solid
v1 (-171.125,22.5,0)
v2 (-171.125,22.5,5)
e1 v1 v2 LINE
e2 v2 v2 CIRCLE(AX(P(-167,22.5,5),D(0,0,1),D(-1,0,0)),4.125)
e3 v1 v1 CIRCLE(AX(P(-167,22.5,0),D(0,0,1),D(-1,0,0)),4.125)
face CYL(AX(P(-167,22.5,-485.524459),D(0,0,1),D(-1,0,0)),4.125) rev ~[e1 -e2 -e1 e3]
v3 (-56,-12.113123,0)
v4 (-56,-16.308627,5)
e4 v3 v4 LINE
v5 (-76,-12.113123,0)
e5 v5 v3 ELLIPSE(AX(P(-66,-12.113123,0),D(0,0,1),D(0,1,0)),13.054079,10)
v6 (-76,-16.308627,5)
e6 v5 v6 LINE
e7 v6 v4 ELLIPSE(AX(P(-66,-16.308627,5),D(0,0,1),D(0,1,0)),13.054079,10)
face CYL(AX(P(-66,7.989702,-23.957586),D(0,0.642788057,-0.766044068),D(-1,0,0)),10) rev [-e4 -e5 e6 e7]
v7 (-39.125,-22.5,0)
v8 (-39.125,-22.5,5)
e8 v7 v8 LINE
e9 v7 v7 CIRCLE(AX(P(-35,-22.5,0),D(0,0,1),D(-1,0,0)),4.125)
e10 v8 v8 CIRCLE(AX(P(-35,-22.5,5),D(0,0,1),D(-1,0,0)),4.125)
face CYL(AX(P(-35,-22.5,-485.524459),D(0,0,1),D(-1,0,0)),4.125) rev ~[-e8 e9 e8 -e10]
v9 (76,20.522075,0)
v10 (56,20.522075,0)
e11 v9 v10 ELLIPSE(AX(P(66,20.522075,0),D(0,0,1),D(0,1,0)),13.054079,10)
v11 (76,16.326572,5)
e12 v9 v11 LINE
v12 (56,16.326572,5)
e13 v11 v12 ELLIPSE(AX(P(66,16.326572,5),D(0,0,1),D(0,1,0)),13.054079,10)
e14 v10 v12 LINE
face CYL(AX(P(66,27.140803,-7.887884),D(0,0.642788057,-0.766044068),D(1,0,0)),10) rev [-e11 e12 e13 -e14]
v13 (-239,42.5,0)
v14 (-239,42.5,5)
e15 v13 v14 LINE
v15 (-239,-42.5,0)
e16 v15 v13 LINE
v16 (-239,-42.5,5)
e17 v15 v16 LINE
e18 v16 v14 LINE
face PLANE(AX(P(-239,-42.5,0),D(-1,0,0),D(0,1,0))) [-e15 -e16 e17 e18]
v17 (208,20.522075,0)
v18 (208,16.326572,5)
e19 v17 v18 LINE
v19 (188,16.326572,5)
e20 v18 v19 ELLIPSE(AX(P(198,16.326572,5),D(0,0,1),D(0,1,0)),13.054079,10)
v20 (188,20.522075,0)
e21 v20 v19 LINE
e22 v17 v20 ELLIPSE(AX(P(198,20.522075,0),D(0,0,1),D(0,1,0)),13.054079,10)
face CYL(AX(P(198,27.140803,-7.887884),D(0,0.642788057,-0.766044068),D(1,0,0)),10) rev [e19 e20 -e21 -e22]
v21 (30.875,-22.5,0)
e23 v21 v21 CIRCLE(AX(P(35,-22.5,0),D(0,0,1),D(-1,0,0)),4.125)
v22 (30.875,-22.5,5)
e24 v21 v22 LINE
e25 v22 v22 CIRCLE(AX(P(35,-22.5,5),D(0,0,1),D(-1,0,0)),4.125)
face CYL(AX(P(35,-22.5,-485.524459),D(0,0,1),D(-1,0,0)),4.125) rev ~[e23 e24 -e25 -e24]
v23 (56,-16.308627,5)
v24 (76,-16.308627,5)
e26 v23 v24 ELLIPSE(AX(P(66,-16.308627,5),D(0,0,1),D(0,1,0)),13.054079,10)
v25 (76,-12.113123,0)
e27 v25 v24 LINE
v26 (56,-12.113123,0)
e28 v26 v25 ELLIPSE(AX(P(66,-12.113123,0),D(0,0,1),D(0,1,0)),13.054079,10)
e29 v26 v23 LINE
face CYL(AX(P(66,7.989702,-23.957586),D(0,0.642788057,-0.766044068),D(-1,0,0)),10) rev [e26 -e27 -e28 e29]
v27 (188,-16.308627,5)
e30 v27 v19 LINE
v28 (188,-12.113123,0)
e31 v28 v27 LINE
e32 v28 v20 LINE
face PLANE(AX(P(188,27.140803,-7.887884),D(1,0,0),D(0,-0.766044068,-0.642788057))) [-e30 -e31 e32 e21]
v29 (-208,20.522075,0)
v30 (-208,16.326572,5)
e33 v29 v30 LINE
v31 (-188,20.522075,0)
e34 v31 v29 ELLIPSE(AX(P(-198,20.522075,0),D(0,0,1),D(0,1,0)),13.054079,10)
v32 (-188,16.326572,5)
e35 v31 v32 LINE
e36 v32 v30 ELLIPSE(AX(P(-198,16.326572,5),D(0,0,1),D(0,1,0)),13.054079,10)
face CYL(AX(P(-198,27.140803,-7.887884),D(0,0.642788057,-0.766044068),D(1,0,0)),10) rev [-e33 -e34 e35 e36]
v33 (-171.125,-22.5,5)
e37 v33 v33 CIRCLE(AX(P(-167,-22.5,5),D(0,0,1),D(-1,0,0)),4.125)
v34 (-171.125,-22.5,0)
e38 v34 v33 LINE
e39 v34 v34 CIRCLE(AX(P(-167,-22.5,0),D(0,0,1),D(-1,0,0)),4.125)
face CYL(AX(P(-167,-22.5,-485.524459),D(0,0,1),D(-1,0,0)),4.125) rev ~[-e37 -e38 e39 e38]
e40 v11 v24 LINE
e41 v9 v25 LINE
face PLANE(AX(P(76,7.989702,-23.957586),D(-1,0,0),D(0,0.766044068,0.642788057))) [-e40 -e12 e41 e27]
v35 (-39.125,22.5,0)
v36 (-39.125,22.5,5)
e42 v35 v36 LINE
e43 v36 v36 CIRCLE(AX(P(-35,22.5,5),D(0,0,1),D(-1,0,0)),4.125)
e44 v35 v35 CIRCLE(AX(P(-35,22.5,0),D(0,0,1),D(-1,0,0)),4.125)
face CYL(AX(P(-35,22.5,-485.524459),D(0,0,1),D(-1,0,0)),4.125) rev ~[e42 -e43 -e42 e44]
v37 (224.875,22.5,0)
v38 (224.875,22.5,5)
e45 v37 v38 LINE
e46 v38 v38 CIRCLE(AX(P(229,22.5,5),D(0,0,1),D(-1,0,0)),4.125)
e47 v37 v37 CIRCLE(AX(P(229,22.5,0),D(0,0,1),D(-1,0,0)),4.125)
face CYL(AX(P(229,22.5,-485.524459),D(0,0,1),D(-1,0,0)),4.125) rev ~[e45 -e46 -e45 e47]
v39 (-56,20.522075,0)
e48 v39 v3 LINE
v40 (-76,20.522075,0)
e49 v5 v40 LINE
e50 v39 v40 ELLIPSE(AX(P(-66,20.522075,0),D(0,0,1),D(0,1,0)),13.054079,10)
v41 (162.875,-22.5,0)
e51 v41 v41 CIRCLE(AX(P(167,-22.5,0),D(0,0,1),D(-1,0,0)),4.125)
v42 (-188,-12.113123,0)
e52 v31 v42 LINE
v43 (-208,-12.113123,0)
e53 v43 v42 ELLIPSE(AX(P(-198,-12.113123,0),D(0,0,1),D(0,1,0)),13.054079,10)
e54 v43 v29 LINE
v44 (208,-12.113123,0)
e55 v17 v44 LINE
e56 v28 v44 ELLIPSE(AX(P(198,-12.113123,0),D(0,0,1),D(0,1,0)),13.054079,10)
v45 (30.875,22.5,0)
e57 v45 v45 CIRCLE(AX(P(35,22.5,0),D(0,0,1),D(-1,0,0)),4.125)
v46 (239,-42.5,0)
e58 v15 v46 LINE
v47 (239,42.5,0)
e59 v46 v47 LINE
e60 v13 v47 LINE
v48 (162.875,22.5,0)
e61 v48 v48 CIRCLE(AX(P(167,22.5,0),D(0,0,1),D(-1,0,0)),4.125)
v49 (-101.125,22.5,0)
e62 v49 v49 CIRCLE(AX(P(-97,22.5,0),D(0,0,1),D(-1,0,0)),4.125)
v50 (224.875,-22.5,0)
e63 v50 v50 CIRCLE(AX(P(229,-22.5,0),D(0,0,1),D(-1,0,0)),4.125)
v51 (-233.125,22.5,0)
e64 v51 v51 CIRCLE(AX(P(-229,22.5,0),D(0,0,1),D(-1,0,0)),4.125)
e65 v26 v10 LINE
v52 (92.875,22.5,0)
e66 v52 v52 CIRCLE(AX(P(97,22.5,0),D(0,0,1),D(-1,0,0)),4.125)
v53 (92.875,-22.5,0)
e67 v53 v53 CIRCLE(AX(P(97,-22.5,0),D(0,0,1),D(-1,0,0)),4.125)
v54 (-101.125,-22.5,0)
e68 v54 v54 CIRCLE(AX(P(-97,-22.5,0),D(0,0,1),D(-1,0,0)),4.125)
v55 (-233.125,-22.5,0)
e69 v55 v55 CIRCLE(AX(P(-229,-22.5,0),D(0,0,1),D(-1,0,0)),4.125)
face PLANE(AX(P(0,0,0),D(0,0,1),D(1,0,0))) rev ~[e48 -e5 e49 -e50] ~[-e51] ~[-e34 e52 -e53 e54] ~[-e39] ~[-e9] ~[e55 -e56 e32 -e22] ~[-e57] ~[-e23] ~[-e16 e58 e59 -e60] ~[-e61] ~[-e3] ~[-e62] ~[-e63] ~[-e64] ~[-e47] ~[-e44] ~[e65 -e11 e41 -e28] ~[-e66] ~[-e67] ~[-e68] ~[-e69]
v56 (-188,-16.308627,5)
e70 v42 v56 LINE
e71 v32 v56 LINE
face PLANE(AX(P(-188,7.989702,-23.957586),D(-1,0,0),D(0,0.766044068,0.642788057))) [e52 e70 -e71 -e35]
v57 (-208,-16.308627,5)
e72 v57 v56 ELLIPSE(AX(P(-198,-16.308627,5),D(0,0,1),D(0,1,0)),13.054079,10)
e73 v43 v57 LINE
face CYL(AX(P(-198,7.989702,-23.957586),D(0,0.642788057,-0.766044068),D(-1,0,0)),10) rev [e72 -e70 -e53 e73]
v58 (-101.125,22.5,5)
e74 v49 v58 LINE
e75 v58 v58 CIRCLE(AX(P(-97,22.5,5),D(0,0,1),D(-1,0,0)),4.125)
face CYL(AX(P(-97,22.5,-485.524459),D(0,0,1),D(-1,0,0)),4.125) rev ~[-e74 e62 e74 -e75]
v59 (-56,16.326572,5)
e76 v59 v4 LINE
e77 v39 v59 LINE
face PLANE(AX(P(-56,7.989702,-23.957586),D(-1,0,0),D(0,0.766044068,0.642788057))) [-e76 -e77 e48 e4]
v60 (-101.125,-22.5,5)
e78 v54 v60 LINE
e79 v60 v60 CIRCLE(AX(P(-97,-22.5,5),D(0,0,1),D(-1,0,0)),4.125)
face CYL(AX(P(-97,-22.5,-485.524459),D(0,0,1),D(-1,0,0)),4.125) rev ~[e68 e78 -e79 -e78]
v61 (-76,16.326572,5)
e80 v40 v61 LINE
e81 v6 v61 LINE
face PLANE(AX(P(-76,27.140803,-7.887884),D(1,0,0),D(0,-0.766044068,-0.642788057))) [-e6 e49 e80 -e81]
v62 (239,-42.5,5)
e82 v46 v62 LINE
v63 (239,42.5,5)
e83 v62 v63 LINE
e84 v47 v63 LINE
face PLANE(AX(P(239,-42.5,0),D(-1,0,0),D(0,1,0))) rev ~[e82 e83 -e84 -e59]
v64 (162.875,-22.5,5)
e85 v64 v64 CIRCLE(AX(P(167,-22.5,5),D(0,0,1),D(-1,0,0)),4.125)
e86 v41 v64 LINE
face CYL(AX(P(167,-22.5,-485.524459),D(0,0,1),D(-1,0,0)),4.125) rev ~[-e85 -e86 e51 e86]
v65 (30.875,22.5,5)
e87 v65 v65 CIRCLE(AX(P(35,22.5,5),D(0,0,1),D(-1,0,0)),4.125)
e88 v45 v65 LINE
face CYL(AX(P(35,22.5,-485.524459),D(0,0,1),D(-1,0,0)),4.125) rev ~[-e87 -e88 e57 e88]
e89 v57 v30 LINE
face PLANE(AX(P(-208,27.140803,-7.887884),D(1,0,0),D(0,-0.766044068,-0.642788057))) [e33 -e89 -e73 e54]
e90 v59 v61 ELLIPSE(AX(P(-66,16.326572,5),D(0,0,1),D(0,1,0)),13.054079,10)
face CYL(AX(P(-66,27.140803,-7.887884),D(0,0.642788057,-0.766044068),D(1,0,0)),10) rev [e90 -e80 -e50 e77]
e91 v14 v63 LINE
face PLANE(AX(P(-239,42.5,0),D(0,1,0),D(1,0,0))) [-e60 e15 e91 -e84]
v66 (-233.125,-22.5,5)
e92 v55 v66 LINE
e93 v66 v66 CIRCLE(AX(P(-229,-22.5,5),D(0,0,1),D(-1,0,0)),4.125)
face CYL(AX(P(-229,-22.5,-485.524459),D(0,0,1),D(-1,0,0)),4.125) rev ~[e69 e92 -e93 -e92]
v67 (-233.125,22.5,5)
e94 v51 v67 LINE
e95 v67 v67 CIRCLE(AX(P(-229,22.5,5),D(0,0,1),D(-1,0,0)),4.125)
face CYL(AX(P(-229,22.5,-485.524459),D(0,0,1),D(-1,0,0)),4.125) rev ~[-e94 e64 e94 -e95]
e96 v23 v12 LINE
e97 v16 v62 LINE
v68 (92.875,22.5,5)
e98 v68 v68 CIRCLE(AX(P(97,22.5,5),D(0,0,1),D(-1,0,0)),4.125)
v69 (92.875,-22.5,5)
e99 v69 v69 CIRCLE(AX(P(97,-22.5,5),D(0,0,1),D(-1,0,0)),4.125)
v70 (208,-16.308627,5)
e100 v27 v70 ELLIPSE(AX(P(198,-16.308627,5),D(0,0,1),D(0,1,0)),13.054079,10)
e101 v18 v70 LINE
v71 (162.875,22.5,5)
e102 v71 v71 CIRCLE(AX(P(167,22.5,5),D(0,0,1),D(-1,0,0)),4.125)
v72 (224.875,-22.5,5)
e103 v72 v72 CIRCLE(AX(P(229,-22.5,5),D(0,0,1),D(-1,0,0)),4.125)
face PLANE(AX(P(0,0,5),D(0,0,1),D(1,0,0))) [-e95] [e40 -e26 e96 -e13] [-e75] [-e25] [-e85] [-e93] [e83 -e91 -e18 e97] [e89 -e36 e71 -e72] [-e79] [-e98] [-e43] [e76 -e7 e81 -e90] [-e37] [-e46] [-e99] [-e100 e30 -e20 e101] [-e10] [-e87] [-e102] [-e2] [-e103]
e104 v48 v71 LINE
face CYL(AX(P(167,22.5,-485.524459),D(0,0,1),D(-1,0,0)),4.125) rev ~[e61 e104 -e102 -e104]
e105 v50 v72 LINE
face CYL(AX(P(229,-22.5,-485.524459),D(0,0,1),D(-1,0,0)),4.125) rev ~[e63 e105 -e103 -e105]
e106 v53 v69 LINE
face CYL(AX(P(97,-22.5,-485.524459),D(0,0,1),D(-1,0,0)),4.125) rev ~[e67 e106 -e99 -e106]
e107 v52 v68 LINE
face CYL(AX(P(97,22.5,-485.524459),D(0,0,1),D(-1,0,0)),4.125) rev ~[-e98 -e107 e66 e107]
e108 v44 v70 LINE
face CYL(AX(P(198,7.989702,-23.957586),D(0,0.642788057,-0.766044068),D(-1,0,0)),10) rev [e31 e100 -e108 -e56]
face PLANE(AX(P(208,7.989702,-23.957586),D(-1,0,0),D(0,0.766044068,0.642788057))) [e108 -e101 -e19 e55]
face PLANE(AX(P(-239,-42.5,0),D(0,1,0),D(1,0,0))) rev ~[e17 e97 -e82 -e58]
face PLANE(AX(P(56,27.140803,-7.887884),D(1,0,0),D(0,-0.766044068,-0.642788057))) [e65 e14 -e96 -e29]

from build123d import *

# Parameters (mm, degrees)
F0_W     = 478
F0_H     = 85
F1_DEPTH = 5
F2_D     = 8.25
F5_DEPTH = 54.637947


with BuildPart() as f1:
    # F0 (on Top) → F1 (new body)
    with BuildSketch(Plane.XY):
        Rectangle(F0_W, F0_H)
    extrude(amount=F1_DEPTH)

    # F2 (through all)
    with Locations(Plane(origin=(0, 0, 0), x_dir=(1, 0, 0), z_dir=(0, 0, -1))):
        with Locations((-229, 22.5), (-229, -22.5), (-167, 22.5), (-167, -22.5), (-97, 22.5), (-97, -22.5), (-35, 22.5), (-35, -22.5), (35, 22.5), (35, -22.5), (97, 22.5), (97, -22.5), (167, 22.5), (167, -22.5), (229, 22.5), (229, -22.5)):
            Hole(F2_D / 2)

    # F4 (on face) → F5 (cut, through all)
    with BuildSketch(Plane(origin=(0, 15.097957, -17.993044), x_dir=(1, 0, 0), z_dir=(0, -0.642788, 0.766044))):
        with BuildLine():
            ThreePointArc((188, -9.279173), (198, -19.279173), (208, -9.279173))
            Line((208, -9.279173), (208, 15.720827))
            ThreePointArc((208, 15.720827), (198, 25.720827), (188, 15.720827))
            Line((188, 15.720827), (188, -9.279173))
        make_face()
        with BuildLine():
            Line((56, 15.720827), (56, -9.279173))
            ThreePointArc((56, -9.279173), (66, -19.279173), (76, -9.279173))
            Line((76, -9.279173), (76, 15.720827))
            ThreePointArc((76, 15.720827), (66, 25.720827), (56, 15.720827))
        make_face()
        with BuildLine():
            Line((-76, 15.720827), (-76, -9.279173))
            ThreePointArc((-76, -9.279173), (-66, -19.279173), (-56, -9.279173))
            Line((-56, -9.279173), (-56, 15.720827))
            ThreePointArc((-56, 15.720827), (-66, 25.720827), (-76, 15.720827))
        make_face()
        with BuildLine():
            Line((-208, 15.720827), (-208, -9.279173))
            ThreePointArc((-208, -9.279173), (-198, -19.279173), (-188, -9.279173))
            Line((-188, -9.279173), (-188, 15.720827))
            ThreePointArc((-188, 15.720827), (-198, 25.720827), (-208, 15.720827))
        make_face()
    extrude(amount=F5_DEPTH, mode=Mode.SUBTRACT)


solid = f1.part
